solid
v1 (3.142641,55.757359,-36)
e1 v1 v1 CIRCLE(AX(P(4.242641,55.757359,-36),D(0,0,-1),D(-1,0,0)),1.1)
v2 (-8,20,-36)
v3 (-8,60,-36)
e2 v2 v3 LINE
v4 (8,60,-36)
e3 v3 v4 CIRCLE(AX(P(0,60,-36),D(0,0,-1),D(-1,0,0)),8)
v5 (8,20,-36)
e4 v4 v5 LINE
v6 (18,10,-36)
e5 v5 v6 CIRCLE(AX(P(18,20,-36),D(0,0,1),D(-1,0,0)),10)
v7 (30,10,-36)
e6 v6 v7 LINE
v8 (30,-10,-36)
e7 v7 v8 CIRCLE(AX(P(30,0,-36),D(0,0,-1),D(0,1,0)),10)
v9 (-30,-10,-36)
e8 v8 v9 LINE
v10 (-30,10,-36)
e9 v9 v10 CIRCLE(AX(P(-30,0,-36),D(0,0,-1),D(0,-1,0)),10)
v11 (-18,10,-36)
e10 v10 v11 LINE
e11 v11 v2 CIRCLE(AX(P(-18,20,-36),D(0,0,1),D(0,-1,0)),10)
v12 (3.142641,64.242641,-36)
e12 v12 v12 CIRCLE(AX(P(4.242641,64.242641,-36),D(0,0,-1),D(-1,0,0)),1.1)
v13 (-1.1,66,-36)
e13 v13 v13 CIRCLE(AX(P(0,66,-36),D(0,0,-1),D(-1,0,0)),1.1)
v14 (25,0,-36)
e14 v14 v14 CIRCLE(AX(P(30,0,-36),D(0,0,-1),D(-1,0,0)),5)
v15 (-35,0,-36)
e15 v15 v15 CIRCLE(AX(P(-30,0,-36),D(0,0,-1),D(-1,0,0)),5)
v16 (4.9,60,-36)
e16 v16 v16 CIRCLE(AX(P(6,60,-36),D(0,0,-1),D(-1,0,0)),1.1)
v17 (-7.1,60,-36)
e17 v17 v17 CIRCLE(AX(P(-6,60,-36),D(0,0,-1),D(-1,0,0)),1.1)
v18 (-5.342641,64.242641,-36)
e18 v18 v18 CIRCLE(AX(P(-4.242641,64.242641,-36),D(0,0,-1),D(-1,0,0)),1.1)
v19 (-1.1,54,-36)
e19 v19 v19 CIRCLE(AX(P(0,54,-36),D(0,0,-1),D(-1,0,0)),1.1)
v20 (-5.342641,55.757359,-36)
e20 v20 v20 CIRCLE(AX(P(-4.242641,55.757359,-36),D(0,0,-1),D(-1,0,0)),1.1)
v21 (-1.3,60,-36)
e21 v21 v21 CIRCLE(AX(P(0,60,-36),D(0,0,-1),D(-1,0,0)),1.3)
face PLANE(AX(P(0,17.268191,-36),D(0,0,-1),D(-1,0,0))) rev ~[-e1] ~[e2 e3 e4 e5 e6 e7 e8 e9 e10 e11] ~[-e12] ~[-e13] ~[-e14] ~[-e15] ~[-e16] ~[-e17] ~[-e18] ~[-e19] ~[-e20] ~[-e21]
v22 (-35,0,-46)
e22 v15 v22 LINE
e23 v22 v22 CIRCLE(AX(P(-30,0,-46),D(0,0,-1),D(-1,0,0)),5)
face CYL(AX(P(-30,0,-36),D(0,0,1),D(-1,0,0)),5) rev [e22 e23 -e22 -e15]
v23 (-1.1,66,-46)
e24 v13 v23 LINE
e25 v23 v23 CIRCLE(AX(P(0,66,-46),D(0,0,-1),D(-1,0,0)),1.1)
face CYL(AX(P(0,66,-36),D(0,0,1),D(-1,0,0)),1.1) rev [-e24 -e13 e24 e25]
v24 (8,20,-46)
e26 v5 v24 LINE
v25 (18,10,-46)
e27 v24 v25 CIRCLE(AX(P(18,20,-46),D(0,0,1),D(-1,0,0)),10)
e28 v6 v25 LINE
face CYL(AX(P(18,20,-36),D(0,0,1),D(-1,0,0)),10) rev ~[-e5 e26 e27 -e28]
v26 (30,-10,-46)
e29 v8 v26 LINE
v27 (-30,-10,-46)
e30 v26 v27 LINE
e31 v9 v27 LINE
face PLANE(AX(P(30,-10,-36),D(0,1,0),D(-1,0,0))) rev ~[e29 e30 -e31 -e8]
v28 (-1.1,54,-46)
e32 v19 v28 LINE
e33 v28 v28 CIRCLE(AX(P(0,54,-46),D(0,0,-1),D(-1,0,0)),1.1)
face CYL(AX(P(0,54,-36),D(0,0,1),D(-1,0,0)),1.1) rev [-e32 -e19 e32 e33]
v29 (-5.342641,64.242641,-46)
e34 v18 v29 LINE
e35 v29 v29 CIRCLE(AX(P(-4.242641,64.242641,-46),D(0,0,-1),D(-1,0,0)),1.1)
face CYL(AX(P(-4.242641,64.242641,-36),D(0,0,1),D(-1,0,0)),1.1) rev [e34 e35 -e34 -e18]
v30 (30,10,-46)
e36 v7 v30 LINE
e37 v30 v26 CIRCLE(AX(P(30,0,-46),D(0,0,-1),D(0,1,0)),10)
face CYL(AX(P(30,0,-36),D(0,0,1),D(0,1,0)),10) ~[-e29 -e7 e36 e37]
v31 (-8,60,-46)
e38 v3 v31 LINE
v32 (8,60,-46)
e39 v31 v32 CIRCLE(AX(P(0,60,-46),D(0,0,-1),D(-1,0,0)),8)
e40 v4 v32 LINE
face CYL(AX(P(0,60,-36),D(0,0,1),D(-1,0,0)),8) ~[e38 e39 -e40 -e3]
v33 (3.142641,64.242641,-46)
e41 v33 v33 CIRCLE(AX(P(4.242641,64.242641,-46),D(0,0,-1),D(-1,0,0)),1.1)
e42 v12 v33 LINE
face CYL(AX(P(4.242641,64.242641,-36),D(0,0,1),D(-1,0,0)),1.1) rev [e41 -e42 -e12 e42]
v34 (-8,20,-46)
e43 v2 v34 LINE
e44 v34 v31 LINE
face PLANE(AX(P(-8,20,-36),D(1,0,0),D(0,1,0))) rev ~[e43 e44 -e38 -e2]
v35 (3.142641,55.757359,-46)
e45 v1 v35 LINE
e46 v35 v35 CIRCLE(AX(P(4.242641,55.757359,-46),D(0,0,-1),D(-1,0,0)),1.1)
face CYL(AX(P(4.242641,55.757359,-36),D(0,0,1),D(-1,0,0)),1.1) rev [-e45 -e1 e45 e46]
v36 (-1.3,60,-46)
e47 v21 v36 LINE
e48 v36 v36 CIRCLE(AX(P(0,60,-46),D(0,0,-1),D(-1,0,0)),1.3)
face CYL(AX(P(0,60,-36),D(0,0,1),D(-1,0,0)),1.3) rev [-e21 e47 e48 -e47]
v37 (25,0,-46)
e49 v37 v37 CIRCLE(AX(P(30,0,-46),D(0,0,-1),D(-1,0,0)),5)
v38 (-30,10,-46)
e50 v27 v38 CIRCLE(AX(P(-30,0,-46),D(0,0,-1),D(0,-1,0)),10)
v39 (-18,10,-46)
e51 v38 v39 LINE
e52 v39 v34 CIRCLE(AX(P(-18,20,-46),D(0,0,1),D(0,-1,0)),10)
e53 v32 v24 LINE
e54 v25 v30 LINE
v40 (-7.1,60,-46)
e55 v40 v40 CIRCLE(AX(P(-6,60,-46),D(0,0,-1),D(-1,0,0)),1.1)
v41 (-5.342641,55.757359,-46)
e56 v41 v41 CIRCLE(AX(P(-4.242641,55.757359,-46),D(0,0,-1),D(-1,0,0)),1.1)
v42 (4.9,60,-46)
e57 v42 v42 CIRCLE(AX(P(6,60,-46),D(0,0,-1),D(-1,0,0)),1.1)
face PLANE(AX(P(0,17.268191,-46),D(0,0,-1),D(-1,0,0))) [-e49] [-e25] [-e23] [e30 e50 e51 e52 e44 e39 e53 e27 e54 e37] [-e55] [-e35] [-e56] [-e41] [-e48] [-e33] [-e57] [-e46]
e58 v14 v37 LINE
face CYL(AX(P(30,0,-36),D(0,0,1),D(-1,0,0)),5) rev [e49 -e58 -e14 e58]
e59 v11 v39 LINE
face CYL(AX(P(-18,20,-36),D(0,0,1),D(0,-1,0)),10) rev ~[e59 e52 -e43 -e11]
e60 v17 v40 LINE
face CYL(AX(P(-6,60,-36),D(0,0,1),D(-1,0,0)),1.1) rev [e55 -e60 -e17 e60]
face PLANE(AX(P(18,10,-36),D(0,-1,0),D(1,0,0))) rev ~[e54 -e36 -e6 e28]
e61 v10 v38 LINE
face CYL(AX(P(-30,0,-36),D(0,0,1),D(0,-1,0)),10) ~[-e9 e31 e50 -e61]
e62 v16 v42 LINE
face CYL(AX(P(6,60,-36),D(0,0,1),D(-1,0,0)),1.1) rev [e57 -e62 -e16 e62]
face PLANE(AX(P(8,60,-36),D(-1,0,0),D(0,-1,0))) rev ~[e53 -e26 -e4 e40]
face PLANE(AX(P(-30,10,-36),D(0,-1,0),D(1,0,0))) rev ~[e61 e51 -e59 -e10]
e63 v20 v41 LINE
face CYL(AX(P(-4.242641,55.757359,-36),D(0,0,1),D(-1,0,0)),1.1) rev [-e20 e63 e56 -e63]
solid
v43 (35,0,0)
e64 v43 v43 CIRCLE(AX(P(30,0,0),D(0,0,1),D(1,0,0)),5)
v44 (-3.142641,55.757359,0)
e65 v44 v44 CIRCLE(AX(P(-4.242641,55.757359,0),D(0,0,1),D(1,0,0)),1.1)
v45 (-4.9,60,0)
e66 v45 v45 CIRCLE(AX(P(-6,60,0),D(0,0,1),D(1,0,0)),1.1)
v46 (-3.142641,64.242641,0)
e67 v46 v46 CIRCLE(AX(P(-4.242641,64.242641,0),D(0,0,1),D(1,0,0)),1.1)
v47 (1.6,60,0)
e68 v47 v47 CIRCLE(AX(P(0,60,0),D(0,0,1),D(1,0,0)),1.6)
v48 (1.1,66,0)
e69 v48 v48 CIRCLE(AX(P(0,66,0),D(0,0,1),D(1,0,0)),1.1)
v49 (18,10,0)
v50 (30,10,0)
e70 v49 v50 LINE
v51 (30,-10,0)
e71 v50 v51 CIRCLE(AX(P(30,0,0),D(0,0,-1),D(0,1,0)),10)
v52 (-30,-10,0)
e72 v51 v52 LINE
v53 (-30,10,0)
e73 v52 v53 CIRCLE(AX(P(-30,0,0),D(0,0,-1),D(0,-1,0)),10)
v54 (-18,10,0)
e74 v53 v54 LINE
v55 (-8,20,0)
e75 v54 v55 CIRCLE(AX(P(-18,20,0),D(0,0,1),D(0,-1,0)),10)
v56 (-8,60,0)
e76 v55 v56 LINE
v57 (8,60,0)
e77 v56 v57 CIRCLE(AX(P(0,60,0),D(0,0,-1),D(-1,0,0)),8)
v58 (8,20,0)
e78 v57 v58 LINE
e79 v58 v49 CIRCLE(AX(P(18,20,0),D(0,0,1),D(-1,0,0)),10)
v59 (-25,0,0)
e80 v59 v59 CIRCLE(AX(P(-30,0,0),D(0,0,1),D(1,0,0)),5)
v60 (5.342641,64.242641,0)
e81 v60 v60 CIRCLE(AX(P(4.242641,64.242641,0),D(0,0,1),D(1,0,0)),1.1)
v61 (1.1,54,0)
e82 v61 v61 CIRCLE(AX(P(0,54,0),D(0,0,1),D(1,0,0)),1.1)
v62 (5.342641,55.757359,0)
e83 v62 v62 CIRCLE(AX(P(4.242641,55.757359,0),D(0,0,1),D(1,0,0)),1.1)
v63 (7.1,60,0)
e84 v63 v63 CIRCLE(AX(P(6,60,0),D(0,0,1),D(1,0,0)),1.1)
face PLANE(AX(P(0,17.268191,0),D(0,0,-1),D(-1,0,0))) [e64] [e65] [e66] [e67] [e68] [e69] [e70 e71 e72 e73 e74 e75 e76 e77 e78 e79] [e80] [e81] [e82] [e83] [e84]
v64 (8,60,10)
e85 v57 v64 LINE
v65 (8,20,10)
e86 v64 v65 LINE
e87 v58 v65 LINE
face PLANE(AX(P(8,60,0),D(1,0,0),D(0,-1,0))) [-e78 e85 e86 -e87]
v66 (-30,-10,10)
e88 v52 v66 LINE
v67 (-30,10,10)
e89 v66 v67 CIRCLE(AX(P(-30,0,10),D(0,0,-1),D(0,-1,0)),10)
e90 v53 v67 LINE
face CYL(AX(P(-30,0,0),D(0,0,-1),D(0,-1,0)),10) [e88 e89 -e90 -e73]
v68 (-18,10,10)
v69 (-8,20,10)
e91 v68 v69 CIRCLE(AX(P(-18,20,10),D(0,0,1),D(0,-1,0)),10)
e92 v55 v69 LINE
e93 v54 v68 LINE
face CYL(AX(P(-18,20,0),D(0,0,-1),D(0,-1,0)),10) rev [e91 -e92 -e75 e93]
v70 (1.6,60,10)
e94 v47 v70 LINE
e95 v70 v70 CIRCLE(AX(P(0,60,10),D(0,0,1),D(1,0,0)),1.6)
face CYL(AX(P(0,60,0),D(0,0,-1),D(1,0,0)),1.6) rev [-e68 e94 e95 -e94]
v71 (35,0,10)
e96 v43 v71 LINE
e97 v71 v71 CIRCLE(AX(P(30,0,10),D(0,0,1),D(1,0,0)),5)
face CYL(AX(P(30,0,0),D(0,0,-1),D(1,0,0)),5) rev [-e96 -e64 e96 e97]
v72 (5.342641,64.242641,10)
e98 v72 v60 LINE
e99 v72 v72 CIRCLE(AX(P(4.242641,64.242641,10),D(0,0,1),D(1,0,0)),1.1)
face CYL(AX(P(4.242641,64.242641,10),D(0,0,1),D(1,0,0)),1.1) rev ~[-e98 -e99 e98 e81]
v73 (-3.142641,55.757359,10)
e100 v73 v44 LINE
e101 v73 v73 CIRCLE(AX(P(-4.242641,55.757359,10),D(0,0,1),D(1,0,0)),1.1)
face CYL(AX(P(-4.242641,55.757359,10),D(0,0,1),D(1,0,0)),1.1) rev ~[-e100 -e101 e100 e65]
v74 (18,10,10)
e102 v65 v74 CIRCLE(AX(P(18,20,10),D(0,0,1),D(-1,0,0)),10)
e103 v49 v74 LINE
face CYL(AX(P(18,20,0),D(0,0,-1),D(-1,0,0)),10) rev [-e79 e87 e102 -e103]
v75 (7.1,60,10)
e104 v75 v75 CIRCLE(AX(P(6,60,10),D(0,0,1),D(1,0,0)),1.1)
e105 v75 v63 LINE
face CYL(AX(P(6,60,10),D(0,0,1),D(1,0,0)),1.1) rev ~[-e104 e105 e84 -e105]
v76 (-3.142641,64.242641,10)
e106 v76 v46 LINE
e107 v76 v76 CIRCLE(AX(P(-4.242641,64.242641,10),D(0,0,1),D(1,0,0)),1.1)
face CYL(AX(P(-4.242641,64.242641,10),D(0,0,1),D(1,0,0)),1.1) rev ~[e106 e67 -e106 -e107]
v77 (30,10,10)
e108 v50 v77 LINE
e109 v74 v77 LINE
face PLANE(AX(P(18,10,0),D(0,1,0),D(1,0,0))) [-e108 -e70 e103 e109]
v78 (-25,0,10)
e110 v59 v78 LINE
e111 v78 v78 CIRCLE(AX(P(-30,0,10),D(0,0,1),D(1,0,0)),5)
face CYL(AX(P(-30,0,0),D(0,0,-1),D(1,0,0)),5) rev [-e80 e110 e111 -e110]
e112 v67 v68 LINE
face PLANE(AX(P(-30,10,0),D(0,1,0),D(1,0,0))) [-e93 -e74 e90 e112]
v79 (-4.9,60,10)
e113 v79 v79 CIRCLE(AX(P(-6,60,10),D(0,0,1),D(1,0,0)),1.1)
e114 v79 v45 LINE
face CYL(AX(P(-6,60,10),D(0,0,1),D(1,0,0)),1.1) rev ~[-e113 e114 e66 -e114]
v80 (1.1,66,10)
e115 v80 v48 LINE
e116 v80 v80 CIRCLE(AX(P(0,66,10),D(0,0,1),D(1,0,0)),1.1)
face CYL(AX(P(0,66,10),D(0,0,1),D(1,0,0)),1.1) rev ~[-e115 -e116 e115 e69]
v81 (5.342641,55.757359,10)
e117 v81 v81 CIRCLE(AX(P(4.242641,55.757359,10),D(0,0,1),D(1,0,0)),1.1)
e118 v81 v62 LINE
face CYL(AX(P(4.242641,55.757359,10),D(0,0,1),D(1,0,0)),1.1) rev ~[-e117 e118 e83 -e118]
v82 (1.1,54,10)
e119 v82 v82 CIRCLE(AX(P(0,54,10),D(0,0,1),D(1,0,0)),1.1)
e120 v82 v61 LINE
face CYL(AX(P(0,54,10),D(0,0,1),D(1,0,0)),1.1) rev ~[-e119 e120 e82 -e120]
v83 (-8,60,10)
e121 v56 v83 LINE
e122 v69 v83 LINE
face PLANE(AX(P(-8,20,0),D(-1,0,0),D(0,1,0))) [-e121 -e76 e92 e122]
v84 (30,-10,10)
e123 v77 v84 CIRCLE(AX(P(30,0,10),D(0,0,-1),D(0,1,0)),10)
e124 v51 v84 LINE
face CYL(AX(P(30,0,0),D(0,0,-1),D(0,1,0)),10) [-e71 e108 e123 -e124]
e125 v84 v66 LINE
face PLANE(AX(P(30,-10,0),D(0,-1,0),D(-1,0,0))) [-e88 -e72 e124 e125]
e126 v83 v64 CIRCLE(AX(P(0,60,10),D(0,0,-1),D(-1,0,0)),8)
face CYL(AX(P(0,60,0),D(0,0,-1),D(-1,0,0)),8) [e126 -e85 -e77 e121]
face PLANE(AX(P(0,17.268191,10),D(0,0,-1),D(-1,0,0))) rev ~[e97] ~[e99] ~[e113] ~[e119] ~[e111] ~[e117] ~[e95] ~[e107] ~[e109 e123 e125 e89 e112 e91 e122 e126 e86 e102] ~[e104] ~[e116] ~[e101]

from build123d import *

# Parameters (mm, degrees)
SKETCH_1_R          = 5
SKETCH_1_R_2        = 1.6
EXTRUDE_1_DEPTH     = 10
SKETCH_2_R          = 1.1
CUT_EXTRUDE_1_DEPTH = 80.523581408
SKETCH_4_R          = 5
SKETCH_4_R_2        = 1.1
SKETCH_4_R_3        = 1.3
EXTRUDE_2_DEPTH     = 10


with BuildPart() as part:
    # ｽｹｯﾁ1 → ﾎﾞｽ - 押し出し1 (new body)
    with BuildSketch(Plane.XY):
        with BuildLine():
            Line((-30, 10), (-18, 10))
            ThreePointArc((-18, 10), (-10.928932188, 12.928932188), (-8, 20))
            Line((-8, 20), (-8, 60))
            ThreePointArc((-8, 60), (0, 68), (8, 60))
            Line((8, 60), (8, 20))
            ThreePointArc((8, 20), (10.928932188, 12.928932188), (18, 10))
            Line((18, 10), (30, 10))
            ThreePointArc((30, 10), (40, 0), (30, -10))
            Line((30, -10), (-30, -10))
            ThreePointArc((-30, -10), (-40, 0), (-30, 10))
        make_face()
        with Locations((-30, 0)):
            Circle(SKETCH_1_R, mode=Mode.SUBTRACT)
        with Locations((30, 0)):
            Circle(SKETCH_1_R, mode=Mode.SUBTRACT)
        with Locations((0, 60)):
            Circle(SKETCH_1_R_2, mode=Mode.SUBTRACT)
    extrude(amount=EXTRUDE_1_DEPTH)

    # ｽｹｯﾁ2 → ｶｯﾄ - 押し出し1 (cut, through all)
    with BuildSketch(Plane.XY.offset(10)):
        with Locations((0, 66)):
            Circle(SKETCH_2_R)
        with Locations((4.242640687, 64.242640687)):
            Circle(SKETCH_2_R)
        with Locations((6, 60)):
            Circle(SKETCH_2_R)
        with Locations((4.242640687, 55.757359313)):
            Circle(SKETCH_2_R)
        with Locations((0, 54)):
            Circle(SKETCH_2_R)
        with Locations((-4.242640687, 55.757359313)):
            Circle(SKETCH_2_R)
        with Locations((-6, 60)):
            Circle(SKETCH_2_R)
        with Locations((-4.242640687, 64.242640687)):
            Circle(SKETCH_2_R)
    extrude(amount=-CUT_EXTRUDE_1_DEPTH, mode=Mode.SUBTRACT)


with BuildPart() as body_2:
    # ｽｹｯﾁ4 → ﾎﾞｽ - 押し出し2 (new body)
    with BuildSketch(Plane(origin=(0, 0, -36), x_dir=(-1, 0, 0), z_dir=(0, 0, -1))):
        with BuildLine():
            Line((30, 10), (18, 10))
            ThreePointArc((18, 10), (10.928932188, 12.928932188), (8, 20))
            Line((8, 20), (8, 60))
            ThreePointArc((8, 60), (0, 68), (-8, 60))
            Line((-8, 60), (-8, 20))
            ThreePointArc((-8, 20), (-10.928932188, 12.928932188), (-18, 10))
            Line((-18, 10), (-30, 10))
            ThreePointArc((-30, 10), (-40, 0), (-30, -10))
            Line((-30, -10), (30, -10))
            ThreePointArc((30, -10), (40, 0), (30, 10))
        make_face()
        with Locations((30, 0)):
            Circle(SKETCH_4_R, mode=Mode.SUBTRACT)
        with Locations((-30, 0)):
            Circle(SKETCH_4_R, mode=Mode.SUBTRACT)
        with Locations((-4.242640687, 64.242640687)):
            Circle(SKETCH_4_R_2, mode=Mode.SUBTRACT)
        with Locations((-6, 60)):
            Circle(SKETCH_4_R_2, mode=Mode.SUBTRACT)
        with Locations((-4.242640687, 55.757359313)):
            Circle(SKETCH_4_R_2, mode=Mode.SUBTRACT)
        with Locations((0, 54)):
            Circle(SKETCH_4_R_2, mode=Mode.SUBTRACT)
        with Locations((4.242640687, 55.757359313)):
            Circle(SKETCH_4_R_2, mode=Mode.SUBTRACT)
        with Locations((6, 60)):
            Circle(SKETCH_4_R_2, mode=Mode.SUBTRACT)
        with Locations((4.242640687, 64.242640687)):
            Circle(SKETCH_4_R_2, mode=Mode.SUBTRACT)
        with Locations((0, 66)):
            Circle(SKETCH_4_R_2, mode=Mode.SUBTRACT)
        with Locations((0, 60)):
            Circle(SKETCH_4_R_3, mode=Mode.SUBTRACT)
    extrude(amount=EXTRUDE_2_DEPTH)


solid = Compound([part.part, body_2.part])
